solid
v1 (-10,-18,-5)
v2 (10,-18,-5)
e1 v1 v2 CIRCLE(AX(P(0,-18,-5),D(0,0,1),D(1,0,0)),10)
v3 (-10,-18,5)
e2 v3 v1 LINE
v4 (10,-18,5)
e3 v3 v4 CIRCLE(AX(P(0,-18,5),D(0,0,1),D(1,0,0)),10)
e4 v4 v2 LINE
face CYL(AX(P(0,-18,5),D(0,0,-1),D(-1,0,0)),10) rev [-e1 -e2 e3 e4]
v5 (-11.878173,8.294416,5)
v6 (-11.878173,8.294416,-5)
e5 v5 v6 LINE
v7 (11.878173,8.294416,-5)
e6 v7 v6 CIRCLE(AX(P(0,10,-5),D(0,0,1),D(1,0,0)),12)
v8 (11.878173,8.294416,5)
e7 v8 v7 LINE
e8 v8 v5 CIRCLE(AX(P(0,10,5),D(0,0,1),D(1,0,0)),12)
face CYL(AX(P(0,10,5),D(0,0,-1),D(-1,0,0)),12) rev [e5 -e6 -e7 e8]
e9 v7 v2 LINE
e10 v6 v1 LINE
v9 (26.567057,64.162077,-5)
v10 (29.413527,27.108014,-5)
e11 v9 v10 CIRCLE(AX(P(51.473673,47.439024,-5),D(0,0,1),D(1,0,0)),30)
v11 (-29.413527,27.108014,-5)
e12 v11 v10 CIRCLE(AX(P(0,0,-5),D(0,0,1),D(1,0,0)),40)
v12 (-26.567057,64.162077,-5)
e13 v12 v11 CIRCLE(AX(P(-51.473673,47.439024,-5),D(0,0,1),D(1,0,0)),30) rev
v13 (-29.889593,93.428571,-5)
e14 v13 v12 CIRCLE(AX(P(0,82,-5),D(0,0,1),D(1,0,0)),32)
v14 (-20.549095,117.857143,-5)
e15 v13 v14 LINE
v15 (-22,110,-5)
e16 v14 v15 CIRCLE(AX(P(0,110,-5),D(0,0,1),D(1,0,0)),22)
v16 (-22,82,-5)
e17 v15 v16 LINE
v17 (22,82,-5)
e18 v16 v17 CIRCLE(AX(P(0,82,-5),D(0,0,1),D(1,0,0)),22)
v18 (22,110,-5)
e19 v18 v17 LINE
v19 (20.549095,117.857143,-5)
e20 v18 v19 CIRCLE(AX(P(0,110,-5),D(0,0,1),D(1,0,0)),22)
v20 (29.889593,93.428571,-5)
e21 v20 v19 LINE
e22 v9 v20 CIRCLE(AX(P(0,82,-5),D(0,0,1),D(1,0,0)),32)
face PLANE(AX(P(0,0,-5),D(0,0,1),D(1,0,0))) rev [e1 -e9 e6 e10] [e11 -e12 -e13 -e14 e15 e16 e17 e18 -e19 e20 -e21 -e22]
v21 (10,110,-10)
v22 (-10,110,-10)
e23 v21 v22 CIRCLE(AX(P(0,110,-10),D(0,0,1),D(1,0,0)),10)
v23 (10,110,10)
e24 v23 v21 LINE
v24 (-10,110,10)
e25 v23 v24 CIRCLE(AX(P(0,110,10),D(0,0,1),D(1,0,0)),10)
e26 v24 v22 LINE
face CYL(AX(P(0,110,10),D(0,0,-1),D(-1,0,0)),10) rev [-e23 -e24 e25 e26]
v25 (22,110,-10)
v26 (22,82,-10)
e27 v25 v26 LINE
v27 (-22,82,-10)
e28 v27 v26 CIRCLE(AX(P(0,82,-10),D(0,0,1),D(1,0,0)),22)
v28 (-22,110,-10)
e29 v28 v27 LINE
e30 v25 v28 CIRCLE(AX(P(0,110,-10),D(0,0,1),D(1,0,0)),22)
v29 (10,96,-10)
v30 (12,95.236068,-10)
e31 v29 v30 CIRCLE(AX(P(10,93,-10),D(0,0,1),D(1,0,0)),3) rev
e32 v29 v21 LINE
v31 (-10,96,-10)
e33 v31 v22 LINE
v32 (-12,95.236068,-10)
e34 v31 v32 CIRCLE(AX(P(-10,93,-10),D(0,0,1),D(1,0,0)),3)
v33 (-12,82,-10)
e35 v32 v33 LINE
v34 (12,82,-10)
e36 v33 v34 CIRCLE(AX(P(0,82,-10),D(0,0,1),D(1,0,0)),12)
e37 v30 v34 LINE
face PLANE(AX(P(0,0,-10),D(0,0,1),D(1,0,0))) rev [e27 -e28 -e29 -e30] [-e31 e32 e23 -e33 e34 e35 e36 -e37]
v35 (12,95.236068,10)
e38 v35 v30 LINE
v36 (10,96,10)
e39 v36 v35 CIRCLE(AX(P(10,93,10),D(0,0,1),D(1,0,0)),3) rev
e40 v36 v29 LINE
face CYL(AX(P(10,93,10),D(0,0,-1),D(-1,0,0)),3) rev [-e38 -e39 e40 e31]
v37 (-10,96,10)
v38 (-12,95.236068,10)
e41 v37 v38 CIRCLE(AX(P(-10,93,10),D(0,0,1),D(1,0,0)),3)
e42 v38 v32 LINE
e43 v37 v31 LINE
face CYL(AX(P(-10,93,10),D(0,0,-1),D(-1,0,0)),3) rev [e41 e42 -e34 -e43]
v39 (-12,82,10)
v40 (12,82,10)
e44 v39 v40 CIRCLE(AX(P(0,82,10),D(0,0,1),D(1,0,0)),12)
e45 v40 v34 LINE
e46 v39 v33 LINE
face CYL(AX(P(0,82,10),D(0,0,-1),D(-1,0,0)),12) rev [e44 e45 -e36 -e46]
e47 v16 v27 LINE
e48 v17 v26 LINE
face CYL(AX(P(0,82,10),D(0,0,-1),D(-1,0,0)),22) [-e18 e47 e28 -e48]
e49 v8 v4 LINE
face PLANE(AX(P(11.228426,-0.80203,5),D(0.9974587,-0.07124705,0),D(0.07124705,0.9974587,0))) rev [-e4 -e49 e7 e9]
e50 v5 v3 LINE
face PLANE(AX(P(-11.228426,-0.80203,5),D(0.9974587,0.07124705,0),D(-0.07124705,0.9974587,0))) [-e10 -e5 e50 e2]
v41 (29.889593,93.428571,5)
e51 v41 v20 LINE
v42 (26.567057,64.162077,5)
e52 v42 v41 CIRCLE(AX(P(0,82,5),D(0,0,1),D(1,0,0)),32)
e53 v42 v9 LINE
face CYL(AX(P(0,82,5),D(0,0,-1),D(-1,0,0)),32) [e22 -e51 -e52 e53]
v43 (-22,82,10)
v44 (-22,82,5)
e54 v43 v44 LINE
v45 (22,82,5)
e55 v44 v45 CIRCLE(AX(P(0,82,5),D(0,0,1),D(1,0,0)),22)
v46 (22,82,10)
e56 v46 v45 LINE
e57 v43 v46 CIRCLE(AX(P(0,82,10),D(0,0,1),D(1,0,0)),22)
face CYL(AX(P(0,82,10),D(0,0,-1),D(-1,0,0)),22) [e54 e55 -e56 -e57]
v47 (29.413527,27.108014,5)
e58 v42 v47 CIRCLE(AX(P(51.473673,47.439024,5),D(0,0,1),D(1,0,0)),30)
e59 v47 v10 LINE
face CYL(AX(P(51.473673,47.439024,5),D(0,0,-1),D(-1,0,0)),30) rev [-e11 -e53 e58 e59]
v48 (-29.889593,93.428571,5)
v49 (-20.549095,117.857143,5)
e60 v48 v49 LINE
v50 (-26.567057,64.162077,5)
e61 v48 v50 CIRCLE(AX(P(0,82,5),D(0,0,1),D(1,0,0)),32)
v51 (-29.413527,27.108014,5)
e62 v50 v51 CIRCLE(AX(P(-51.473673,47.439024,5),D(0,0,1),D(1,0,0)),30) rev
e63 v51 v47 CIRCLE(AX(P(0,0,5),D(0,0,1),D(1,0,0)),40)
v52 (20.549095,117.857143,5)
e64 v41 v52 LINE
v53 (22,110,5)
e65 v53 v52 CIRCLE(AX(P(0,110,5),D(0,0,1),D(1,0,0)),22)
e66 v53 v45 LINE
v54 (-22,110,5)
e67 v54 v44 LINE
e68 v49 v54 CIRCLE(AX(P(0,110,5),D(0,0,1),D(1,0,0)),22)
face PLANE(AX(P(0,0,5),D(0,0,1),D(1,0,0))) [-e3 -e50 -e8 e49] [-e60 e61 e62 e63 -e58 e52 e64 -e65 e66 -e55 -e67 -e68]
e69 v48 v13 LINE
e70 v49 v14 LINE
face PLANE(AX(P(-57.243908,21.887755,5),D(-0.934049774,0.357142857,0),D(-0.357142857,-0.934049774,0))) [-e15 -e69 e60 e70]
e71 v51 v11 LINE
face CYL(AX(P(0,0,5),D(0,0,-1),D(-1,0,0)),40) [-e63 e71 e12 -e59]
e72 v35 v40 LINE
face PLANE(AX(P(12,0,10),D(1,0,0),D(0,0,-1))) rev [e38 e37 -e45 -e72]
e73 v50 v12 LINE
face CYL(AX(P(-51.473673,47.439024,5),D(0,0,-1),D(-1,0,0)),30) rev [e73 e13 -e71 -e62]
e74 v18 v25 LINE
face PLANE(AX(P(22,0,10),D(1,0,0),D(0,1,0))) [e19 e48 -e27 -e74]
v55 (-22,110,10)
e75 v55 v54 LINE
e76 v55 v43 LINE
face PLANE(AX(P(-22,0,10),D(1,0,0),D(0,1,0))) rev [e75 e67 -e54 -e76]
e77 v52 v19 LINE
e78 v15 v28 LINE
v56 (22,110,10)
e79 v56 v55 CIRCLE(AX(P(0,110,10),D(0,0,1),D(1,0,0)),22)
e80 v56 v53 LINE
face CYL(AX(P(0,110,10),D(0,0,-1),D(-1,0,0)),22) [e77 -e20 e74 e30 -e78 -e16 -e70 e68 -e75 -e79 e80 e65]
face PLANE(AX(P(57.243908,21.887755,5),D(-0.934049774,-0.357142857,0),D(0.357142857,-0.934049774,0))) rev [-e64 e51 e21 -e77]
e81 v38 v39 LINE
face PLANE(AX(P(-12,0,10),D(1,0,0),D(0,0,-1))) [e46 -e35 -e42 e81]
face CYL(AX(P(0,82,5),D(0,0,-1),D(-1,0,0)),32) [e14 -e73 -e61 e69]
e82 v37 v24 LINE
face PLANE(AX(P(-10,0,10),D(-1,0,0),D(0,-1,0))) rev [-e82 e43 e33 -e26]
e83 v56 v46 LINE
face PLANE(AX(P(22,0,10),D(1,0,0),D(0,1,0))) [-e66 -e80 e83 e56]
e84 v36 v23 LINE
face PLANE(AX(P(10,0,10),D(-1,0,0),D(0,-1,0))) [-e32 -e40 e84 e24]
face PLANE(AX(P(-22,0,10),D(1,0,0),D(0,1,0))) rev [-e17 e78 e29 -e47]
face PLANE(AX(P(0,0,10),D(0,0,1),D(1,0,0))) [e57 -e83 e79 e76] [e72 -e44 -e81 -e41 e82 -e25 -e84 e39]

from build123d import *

# Parameters (mm, degrees)
BOSS_EXTRUDE1_DEPTH = 10
BOSS_EXTRUDE2_DEPTH = 5


with BuildPart() as part:
    # Sketch1 → Boss-Extrude1 (new, symmetric)
    with BuildSketch(Plane.XY):
        with BuildLine():
            ThreePointArc((20.54909502, 117.857142857), (0, 132), (-20.54909502, 117.857142857))
            ThreePointArc((-20.54909502, 117.857142857), (-21.634233178, 113.994991212), (-22, 110))
            Line((-22, 110), (-22, 82))
            ThreePointArc((-22, 82), (0, 60), (22, 82))
            Line((22, 82), (22, 110))
            ThreePointArc((22, 110), (21.634233178, 113.994991212), (20.54909502, 117.857142857))
        make_face()
        with BuildLine():
            Line((-12, 82), (-12, 95.236067977))
            ThreePointArc((-12, 95.236067977), (-11.070466269, 95.802517077), (-10, 96))
            Line((-10, 96), (-10, 110))
            ThreePointArc((-10, 110), (0, 120), (10, 110))
            Line((10, 110), (10, 96))
            ThreePointArc((10, 96), (11.070466269, 95.802517077), (12, 95.236067977))
            Line((12, 95.236067977), (12, 82))
            ThreePointArc((12, 82), (0, 70), (-12, 82))
        make_face(mode=Mode.SUBTRACT)
    extrude(amount=BOSS_EXTRUDE1_DEPTH, both=True)

    # Sketch1<3> → Boss-Extrude2 (add, symmetric)
    with BuildSketch(Plane.XY):
        with BuildLine():
            Line((-20.54909502, 117.857142857), (-29.889592756, 93.428571429))
            ThreePointArc((-29.889592756, 93.428571429), (-31.795758241, 78.390324411), (-26.567056796, 64.162077105))
            ThreePointArc((-26.567056796, 64.162077105), (-21.561800954, 45.141212789), (-29.413527167, 27.108013937))
            ThreePointArc((-29.413527167, 27.108013937), (0, -40), (29.413527167, 27.108013937))
            ThreePointArc((29.413527167, 27.108013937), (21.561800954, 45.141212789), (26.567056796, 64.162077105))
            ThreePointArc((26.567056796, 64.162077105), (31.795758241, 78.390324411), (29.889592756, 93.428571429))
            Line((29.889592756, 93.428571429), (20.54909502, 117.857142857))
            ThreePointArc((20.54909502, 117.857142857), (21.634233178, 113.994991212), (22, 110))
            Line((22, 110), (22, 82))
            ThreePointArc((22, 82), (0, 60), (-22, 82))
            Line((-22, 82), (-22, 110))
            ThreePointArc((-22, 110), (-21.634233178, 113.994991212), (-20.54909502, 117.857142857))
        make_face()
        with BuildLine():
            ThreePointArc((-11.878172589, 8.294416244), (-11.969504398, 9.1450354), (-12, 10))
            ThreePointArc((-12, 10), (0, 22), (12, 10))
            ThreePointArc((12, 10), (11.969504398, 9.1450354), (11.878172589, 8.294416244))
            Line((11.878172589, 8.294416244), (10, -18))
            ThreePointArc((10, -18), (0, -28), (-10, -18))
            Line((-10, -18), (-11.878172589, 8.294416244))
        make_face(mode=Mode.SUBTRACT)
    extrude(amount=BOSS_EXTRUDE2_DEPTH, both=True)


solid = part.part
